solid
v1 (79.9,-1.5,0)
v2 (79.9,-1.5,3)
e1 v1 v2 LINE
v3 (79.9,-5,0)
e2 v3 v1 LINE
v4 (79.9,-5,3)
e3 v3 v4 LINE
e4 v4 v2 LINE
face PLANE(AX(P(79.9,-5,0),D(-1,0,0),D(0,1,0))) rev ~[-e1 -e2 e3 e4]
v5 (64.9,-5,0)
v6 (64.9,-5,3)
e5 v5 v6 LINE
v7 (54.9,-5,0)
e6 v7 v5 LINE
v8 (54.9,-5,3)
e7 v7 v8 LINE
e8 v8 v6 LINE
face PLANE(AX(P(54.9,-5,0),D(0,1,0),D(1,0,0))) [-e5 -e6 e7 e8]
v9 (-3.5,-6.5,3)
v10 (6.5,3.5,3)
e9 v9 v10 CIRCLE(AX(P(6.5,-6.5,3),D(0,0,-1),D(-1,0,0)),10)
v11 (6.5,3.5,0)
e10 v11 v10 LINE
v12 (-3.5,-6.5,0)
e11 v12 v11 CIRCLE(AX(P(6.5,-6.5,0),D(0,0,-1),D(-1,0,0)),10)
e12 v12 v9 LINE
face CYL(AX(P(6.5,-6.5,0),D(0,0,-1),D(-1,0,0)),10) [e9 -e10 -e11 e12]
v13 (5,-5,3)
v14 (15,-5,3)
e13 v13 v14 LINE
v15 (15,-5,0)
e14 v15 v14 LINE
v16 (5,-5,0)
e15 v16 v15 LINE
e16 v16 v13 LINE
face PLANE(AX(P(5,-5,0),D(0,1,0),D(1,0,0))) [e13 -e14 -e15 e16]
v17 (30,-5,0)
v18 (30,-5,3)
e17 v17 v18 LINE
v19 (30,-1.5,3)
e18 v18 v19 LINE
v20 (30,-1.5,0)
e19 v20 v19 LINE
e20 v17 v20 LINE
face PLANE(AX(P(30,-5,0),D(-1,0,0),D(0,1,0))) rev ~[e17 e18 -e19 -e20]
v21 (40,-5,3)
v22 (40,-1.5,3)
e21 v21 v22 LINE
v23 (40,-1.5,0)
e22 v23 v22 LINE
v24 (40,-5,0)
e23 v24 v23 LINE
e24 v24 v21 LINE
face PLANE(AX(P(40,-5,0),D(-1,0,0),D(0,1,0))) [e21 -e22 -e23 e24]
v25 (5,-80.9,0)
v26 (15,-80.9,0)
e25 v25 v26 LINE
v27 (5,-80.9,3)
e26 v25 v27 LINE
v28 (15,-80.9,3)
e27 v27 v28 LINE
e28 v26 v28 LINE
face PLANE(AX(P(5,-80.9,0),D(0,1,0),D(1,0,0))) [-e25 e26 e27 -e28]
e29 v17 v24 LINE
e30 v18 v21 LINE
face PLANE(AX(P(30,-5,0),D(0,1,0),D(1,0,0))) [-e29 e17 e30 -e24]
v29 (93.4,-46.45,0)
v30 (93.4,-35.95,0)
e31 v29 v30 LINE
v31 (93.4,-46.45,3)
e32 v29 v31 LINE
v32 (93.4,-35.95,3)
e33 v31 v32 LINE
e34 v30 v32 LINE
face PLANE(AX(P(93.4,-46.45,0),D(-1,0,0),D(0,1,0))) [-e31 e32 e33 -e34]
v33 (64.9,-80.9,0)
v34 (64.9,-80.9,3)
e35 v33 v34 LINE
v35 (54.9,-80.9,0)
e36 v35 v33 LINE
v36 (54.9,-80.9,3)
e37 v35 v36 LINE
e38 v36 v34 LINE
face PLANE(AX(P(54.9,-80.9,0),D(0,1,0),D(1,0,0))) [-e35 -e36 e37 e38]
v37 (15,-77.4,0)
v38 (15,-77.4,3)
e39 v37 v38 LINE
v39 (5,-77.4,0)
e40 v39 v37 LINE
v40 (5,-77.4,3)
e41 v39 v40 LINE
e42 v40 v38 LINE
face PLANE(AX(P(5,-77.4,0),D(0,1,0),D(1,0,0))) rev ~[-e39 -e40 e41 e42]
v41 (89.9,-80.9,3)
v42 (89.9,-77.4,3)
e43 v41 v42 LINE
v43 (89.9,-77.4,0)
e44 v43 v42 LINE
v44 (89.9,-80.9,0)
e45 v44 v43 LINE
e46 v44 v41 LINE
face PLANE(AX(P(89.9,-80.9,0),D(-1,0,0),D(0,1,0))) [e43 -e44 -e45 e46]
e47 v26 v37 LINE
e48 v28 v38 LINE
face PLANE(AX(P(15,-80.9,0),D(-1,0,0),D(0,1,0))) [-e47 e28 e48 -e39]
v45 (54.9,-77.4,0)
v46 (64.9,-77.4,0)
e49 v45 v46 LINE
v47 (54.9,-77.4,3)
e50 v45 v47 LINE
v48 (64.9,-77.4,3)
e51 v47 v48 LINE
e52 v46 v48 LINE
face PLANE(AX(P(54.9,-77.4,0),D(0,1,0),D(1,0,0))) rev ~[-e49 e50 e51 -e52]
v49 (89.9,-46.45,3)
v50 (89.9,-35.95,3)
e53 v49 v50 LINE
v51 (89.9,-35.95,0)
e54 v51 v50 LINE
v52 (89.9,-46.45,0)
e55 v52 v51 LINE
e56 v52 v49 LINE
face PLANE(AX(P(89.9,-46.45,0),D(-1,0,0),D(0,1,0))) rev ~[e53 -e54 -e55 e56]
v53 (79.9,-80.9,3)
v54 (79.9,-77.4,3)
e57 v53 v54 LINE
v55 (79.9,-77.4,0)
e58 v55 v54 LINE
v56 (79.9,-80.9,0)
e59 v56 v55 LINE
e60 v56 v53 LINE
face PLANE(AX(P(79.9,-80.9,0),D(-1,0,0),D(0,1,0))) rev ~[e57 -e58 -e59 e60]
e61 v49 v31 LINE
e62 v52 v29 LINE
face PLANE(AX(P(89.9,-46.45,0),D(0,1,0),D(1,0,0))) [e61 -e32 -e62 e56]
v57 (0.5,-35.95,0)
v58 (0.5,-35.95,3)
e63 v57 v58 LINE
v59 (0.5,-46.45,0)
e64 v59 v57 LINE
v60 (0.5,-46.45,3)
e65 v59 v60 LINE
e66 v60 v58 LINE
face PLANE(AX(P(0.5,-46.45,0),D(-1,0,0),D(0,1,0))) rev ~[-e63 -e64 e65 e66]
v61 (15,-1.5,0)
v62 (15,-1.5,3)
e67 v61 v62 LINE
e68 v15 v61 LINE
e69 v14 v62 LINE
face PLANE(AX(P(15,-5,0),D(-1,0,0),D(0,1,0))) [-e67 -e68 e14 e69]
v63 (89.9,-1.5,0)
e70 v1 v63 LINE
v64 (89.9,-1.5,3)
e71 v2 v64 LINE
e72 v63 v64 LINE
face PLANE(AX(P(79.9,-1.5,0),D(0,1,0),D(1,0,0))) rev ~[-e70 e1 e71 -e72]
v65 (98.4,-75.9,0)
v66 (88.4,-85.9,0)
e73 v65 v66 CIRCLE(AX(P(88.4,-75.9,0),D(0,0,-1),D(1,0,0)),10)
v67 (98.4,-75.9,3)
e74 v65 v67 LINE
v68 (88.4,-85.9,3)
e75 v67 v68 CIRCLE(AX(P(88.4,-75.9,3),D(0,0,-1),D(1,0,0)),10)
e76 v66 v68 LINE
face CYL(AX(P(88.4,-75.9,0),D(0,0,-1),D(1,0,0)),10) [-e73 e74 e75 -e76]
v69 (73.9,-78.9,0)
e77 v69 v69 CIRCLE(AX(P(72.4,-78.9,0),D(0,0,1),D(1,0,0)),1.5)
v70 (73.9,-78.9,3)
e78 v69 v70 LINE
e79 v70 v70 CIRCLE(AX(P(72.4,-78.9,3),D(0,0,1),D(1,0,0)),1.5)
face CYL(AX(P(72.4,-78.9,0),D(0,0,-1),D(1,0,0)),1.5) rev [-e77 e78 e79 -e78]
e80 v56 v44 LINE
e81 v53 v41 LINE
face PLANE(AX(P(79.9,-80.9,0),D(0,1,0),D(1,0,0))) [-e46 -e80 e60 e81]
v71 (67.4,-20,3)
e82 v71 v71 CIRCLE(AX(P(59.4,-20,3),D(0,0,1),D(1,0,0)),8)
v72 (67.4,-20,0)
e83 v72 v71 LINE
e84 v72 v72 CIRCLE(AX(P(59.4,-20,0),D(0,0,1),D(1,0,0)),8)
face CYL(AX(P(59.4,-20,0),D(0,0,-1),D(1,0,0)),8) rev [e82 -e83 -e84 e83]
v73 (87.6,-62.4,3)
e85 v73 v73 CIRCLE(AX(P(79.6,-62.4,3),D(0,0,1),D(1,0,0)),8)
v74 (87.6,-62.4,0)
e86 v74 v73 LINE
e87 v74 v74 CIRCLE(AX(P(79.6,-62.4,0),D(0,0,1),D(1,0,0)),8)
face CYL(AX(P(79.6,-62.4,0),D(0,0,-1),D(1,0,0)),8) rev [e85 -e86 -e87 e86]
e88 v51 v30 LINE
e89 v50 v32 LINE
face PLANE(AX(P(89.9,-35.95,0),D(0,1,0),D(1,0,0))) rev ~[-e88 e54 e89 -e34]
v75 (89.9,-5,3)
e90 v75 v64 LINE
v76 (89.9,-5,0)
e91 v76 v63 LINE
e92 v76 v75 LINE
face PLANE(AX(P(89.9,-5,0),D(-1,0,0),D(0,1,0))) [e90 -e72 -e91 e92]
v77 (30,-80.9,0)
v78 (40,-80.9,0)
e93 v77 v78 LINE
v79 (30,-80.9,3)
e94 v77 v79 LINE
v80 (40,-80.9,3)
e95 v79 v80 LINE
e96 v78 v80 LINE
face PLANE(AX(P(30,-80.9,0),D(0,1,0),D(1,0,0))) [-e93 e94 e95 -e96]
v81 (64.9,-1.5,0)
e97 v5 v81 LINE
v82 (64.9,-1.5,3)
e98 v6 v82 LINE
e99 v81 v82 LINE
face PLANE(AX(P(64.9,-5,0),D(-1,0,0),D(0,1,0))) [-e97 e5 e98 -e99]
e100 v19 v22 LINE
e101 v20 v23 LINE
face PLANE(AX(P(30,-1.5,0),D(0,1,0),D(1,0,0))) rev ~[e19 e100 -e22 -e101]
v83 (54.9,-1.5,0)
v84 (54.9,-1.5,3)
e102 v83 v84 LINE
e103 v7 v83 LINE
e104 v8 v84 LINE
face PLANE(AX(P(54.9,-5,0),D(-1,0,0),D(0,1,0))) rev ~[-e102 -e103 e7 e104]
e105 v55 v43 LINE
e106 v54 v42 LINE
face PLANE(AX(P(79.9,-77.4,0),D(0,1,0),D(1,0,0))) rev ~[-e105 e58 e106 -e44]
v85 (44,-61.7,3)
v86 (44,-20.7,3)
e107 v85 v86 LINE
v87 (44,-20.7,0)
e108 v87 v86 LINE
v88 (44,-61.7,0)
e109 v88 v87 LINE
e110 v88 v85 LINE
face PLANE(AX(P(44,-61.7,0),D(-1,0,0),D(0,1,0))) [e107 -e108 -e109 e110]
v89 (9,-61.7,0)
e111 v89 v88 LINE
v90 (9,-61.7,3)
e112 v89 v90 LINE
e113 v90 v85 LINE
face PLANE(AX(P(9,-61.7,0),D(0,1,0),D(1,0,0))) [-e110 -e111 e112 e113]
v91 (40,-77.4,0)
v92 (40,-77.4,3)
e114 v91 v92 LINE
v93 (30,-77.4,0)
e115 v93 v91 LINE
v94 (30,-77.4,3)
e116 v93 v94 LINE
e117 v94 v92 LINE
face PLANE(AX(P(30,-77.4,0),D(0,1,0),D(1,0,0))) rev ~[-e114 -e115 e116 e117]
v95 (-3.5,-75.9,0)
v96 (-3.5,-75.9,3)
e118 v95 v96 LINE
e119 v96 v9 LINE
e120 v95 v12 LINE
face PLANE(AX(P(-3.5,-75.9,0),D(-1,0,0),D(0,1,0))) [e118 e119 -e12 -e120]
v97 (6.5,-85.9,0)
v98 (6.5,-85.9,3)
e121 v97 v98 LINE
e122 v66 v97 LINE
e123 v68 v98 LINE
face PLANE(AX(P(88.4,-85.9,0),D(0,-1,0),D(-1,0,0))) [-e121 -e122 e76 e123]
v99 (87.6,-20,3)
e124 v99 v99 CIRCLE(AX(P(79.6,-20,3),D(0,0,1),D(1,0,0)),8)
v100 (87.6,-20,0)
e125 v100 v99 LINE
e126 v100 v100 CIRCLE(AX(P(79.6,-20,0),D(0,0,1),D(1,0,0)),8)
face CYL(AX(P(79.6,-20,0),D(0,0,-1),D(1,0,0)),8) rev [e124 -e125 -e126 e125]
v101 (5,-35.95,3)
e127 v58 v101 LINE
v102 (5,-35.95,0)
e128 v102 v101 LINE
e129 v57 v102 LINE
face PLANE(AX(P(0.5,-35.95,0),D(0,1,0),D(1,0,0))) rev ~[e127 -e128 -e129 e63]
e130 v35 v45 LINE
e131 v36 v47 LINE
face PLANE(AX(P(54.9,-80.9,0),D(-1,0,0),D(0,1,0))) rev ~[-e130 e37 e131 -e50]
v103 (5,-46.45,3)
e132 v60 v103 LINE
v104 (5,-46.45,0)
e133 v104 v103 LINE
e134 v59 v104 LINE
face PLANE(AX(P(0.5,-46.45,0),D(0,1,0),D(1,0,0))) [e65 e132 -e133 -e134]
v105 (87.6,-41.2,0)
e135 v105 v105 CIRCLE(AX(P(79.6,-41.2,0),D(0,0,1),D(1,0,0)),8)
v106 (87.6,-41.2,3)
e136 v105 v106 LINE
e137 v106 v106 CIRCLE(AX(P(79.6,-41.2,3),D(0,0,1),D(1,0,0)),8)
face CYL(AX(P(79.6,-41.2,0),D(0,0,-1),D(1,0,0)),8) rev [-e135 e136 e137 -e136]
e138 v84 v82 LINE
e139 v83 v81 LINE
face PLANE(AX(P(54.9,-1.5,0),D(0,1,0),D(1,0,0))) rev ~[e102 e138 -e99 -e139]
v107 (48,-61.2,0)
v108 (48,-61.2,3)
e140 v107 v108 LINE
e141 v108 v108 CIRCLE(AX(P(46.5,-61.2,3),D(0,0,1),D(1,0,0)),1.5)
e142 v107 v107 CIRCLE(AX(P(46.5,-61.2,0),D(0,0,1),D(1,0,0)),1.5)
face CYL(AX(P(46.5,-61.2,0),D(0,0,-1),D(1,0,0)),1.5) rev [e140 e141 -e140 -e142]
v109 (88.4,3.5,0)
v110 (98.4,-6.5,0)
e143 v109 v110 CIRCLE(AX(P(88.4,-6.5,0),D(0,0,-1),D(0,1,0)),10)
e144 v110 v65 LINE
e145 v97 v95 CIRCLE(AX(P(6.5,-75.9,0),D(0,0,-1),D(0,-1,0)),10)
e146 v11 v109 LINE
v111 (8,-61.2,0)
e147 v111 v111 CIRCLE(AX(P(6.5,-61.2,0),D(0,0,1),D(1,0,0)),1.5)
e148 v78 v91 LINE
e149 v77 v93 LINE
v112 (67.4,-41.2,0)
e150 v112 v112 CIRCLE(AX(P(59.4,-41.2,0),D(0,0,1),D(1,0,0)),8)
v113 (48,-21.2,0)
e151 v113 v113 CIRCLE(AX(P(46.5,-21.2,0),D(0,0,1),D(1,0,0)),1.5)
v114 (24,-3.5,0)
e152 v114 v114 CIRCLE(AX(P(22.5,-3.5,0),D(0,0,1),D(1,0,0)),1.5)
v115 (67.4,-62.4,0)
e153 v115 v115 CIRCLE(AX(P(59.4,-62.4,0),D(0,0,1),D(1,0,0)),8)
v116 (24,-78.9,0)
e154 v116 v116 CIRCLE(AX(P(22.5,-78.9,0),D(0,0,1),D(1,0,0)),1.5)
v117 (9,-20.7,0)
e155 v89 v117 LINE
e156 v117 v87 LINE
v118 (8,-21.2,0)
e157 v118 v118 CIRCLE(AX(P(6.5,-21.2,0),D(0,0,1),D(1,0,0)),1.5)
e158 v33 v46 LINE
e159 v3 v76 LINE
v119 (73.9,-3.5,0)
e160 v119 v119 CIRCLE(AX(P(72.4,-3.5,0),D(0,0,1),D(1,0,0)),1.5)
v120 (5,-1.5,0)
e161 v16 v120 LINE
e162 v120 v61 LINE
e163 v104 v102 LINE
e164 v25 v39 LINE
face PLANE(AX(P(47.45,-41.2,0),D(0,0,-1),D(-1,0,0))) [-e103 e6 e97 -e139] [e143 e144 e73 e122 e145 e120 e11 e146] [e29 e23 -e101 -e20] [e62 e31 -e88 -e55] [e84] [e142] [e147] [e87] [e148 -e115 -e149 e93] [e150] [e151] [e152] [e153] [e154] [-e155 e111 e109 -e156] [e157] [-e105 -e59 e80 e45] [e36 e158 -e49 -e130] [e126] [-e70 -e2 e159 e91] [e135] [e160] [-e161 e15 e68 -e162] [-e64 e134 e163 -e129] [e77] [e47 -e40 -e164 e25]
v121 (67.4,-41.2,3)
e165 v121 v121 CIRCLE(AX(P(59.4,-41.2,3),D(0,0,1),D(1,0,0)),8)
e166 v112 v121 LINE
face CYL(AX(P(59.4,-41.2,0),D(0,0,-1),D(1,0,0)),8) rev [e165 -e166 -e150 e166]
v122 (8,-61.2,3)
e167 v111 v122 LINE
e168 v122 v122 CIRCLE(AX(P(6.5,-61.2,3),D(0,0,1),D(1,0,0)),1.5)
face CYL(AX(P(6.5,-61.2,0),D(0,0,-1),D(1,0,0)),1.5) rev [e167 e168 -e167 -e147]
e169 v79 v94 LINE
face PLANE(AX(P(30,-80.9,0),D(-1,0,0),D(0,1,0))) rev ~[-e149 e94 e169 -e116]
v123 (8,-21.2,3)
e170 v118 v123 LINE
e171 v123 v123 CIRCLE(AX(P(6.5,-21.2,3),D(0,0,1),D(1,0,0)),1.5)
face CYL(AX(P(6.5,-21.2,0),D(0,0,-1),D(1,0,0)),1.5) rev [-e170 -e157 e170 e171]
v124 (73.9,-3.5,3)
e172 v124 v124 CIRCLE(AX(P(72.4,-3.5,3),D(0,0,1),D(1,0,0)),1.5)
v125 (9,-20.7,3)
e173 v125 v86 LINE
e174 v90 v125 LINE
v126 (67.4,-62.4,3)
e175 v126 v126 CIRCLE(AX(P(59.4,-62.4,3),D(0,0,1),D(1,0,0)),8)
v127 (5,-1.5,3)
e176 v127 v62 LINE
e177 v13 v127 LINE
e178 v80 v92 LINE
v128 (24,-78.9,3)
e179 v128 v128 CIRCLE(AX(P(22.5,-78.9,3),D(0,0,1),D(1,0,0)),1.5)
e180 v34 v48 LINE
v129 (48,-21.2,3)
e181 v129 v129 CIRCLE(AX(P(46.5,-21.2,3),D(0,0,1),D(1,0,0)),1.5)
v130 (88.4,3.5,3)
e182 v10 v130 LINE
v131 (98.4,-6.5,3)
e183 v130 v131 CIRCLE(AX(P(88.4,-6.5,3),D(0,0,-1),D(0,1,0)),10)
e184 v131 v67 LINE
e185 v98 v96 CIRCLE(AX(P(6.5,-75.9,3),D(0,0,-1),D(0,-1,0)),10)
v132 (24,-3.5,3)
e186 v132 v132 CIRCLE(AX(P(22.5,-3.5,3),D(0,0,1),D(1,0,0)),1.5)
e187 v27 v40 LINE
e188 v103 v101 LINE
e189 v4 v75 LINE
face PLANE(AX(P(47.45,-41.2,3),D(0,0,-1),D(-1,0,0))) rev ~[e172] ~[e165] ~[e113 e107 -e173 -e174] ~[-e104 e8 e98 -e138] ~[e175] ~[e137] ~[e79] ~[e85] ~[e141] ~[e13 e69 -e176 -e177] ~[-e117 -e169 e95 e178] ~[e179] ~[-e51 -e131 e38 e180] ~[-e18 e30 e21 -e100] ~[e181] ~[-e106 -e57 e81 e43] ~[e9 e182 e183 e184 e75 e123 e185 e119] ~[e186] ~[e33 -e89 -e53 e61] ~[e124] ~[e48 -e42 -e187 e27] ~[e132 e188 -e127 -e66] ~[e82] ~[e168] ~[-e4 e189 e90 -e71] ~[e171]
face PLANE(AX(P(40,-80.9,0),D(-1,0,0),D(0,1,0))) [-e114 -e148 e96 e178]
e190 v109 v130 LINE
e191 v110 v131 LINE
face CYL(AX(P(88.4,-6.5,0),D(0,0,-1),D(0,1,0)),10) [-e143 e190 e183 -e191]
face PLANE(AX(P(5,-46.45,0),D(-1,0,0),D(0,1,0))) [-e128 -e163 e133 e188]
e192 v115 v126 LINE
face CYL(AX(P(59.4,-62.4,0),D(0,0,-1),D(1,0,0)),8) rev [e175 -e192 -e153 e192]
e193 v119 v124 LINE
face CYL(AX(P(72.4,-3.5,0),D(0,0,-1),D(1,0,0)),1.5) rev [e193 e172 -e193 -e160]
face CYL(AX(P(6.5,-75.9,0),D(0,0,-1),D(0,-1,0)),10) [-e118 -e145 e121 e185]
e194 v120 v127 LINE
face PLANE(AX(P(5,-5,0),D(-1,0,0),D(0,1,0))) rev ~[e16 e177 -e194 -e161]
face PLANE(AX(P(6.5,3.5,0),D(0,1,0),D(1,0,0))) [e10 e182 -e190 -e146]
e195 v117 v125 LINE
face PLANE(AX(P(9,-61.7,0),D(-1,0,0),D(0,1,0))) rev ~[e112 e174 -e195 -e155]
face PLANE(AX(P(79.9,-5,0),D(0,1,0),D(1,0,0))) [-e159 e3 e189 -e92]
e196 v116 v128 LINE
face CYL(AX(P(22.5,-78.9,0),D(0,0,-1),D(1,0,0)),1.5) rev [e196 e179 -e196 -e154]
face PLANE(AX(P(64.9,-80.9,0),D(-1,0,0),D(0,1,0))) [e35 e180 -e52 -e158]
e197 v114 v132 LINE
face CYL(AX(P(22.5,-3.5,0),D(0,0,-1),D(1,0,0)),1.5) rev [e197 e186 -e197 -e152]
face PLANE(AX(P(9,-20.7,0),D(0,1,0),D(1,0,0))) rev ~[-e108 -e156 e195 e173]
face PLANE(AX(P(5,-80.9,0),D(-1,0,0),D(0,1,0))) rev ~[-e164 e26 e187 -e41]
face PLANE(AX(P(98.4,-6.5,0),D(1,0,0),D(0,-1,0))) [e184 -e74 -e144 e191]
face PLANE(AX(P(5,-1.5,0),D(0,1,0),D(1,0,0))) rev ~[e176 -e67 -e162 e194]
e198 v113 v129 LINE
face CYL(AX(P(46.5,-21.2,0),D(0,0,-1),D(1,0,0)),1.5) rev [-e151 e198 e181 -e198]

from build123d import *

# Parameters (mm, degrees)
MODEL_R             = 8
MODEL_R_2           = 1.5
MODEL_W             = 10
MODEL_H             = 3.5
MODEL_W_2           = 3.5
MODEL_H_2           = 10.5
MODEL_W_3           = 4.5
MODEL_W_4           = 35
MODEL_H_3           = 41
BOSS_EXTRUDE1_DEPTH = 3


with BuildPart() as part:
    # Model → Boss-Extrude1 (new body)
    with BuildSketch(Plane.XY):
        with BuildLine():
            Line((6.5, 3.5), (88.4, 3.5))
            ThreePointArc((88.4, 3.5), (95.471067812, 0.571067812), (98.4, -6.5))
            Line((98.4, -6.5), (98.4, -75.9))
            ThreePointArc((98.4, -75.9), (95.471067812, -82.971067812), (88.4, -85.9))
            Line((88.4, -85.9), (6.5, -85.9))
            ThreePointArc((6.5, -85.9), (-0.571067812, -82.971067812), (-3.5, -75.9))
            Line((-3.5, -75.9), (-3.5, -6.5))
            ThreePointArc((-3.5, -6.5), (-0.571067812, 0.571067812), (6.5, 3.5))
        make_face()
        with Locations((79.6, -20)):
            Circle(MODEL_R, mode=Mode.SUBTRACT)
        with Locations((79.6, -62.4)):
            Circle(MODEL_R, mode=Mode.SUBTRACT)
        with Locations((79.6, -41.2)):
            Circle(MODEL_R, mode=Mode.SUBTRACT)
        with Locations((46.5, -61.2)):
            Circle(MODEL_R_2, mode=Mode.SUBTRACT)
        with Locations((6.5, -21.2)):
            Circle(MODEL_R_2, mode=Mode.SUBTRACT)
        with Locations((72.4, -78.9)):
            Circle(MODEL_R_2, mode=Mode.SUBTRACT)
        with Locations((22.5, -3.5)):
            Circle(MODEL_R_2, mode=Mode.SUBTRACT)
        with Locations((72.4, -3.5)):
            Circle(MODEL_R_2, mode=Mode.SUBTRACT)
        with Locations((22.5, -78.9)):
            Circle(MODEL_R_2, mode=Mode.SUBTRACT)
        with Locations((6.5, -61.2)):
            Circle(MODEL_R_2, mode=Mode.SUBTRACT)
        with Locations((46.5, -21.2)):
            Circle(MODEL_R_2, mode=Mode.SUBTRACT)
        with Locations((59.4, -41.2)):
            Circle(MODEL_R, mode=Mode.SUBTRACT)
        with Locations((59.4, -62.4)):
            Circle(MODEL_R, mode=Mode.SUBTRACT)
        with Locations((59.4, -20)):
            Circle(MODEL_R, mode=Mode.SUBTRACT)
        with Locations((84.9, -79.15)):
            Rectangle(MODEL_W, MODEL_H, mode=Mode.SUBTRACT)
        with Locations((35, -79.15)):
            Rectangle(MODEL_W, MODEL_H, mode=Mode.SUBTRACT)
        with Locations((84.9, -3.25)):
            Rectangle(MODEL_W, MODEL_H, mode=Mode.SUBTRACT)
        with Locations((35, -3.25)):
            Rectangle(MODEL_W, MODEL_H, mode=Mode.SUBTRACT)
        with Locations((91.65, -41.2)):
            Rectangle(MODEL_W_2, MODEL_H_2, mode=Mode.SUBTRACT)
        with Locations((2.75, -41.2)):
            Rectangle(MODEL_W_3, MODEL_H_2, mode=Mode.SUBTRACT)
        with Locations((10, -3.25)):
            Rectangle(MODEL_W, MODEL_H, mode=Mode.SUBTRACT)
        with Locations((59.9, -3.25)):
            Rectangle(MODEL_W, MODEL_H, mode=Mode.SUBTRACT)
        with Locations((10, -79.15)):
            Rectangle(MODEL_W, MODEL_H, mode=Mode.SUBTRACT)
        with Locations((59.9, -79.15)):
            Rectangle(MODEL_W, MODEL_H, mode=Mode.SUBTRACT)
        with Locations((26.5, -41.2)):
            Rectangle(MODEL_W_4, MODEL_H_3, mode=Mode.SUBTRACT)
    extrude(amount=BOSS_EXTRUDE1_DEPTH)


solid = part.part
